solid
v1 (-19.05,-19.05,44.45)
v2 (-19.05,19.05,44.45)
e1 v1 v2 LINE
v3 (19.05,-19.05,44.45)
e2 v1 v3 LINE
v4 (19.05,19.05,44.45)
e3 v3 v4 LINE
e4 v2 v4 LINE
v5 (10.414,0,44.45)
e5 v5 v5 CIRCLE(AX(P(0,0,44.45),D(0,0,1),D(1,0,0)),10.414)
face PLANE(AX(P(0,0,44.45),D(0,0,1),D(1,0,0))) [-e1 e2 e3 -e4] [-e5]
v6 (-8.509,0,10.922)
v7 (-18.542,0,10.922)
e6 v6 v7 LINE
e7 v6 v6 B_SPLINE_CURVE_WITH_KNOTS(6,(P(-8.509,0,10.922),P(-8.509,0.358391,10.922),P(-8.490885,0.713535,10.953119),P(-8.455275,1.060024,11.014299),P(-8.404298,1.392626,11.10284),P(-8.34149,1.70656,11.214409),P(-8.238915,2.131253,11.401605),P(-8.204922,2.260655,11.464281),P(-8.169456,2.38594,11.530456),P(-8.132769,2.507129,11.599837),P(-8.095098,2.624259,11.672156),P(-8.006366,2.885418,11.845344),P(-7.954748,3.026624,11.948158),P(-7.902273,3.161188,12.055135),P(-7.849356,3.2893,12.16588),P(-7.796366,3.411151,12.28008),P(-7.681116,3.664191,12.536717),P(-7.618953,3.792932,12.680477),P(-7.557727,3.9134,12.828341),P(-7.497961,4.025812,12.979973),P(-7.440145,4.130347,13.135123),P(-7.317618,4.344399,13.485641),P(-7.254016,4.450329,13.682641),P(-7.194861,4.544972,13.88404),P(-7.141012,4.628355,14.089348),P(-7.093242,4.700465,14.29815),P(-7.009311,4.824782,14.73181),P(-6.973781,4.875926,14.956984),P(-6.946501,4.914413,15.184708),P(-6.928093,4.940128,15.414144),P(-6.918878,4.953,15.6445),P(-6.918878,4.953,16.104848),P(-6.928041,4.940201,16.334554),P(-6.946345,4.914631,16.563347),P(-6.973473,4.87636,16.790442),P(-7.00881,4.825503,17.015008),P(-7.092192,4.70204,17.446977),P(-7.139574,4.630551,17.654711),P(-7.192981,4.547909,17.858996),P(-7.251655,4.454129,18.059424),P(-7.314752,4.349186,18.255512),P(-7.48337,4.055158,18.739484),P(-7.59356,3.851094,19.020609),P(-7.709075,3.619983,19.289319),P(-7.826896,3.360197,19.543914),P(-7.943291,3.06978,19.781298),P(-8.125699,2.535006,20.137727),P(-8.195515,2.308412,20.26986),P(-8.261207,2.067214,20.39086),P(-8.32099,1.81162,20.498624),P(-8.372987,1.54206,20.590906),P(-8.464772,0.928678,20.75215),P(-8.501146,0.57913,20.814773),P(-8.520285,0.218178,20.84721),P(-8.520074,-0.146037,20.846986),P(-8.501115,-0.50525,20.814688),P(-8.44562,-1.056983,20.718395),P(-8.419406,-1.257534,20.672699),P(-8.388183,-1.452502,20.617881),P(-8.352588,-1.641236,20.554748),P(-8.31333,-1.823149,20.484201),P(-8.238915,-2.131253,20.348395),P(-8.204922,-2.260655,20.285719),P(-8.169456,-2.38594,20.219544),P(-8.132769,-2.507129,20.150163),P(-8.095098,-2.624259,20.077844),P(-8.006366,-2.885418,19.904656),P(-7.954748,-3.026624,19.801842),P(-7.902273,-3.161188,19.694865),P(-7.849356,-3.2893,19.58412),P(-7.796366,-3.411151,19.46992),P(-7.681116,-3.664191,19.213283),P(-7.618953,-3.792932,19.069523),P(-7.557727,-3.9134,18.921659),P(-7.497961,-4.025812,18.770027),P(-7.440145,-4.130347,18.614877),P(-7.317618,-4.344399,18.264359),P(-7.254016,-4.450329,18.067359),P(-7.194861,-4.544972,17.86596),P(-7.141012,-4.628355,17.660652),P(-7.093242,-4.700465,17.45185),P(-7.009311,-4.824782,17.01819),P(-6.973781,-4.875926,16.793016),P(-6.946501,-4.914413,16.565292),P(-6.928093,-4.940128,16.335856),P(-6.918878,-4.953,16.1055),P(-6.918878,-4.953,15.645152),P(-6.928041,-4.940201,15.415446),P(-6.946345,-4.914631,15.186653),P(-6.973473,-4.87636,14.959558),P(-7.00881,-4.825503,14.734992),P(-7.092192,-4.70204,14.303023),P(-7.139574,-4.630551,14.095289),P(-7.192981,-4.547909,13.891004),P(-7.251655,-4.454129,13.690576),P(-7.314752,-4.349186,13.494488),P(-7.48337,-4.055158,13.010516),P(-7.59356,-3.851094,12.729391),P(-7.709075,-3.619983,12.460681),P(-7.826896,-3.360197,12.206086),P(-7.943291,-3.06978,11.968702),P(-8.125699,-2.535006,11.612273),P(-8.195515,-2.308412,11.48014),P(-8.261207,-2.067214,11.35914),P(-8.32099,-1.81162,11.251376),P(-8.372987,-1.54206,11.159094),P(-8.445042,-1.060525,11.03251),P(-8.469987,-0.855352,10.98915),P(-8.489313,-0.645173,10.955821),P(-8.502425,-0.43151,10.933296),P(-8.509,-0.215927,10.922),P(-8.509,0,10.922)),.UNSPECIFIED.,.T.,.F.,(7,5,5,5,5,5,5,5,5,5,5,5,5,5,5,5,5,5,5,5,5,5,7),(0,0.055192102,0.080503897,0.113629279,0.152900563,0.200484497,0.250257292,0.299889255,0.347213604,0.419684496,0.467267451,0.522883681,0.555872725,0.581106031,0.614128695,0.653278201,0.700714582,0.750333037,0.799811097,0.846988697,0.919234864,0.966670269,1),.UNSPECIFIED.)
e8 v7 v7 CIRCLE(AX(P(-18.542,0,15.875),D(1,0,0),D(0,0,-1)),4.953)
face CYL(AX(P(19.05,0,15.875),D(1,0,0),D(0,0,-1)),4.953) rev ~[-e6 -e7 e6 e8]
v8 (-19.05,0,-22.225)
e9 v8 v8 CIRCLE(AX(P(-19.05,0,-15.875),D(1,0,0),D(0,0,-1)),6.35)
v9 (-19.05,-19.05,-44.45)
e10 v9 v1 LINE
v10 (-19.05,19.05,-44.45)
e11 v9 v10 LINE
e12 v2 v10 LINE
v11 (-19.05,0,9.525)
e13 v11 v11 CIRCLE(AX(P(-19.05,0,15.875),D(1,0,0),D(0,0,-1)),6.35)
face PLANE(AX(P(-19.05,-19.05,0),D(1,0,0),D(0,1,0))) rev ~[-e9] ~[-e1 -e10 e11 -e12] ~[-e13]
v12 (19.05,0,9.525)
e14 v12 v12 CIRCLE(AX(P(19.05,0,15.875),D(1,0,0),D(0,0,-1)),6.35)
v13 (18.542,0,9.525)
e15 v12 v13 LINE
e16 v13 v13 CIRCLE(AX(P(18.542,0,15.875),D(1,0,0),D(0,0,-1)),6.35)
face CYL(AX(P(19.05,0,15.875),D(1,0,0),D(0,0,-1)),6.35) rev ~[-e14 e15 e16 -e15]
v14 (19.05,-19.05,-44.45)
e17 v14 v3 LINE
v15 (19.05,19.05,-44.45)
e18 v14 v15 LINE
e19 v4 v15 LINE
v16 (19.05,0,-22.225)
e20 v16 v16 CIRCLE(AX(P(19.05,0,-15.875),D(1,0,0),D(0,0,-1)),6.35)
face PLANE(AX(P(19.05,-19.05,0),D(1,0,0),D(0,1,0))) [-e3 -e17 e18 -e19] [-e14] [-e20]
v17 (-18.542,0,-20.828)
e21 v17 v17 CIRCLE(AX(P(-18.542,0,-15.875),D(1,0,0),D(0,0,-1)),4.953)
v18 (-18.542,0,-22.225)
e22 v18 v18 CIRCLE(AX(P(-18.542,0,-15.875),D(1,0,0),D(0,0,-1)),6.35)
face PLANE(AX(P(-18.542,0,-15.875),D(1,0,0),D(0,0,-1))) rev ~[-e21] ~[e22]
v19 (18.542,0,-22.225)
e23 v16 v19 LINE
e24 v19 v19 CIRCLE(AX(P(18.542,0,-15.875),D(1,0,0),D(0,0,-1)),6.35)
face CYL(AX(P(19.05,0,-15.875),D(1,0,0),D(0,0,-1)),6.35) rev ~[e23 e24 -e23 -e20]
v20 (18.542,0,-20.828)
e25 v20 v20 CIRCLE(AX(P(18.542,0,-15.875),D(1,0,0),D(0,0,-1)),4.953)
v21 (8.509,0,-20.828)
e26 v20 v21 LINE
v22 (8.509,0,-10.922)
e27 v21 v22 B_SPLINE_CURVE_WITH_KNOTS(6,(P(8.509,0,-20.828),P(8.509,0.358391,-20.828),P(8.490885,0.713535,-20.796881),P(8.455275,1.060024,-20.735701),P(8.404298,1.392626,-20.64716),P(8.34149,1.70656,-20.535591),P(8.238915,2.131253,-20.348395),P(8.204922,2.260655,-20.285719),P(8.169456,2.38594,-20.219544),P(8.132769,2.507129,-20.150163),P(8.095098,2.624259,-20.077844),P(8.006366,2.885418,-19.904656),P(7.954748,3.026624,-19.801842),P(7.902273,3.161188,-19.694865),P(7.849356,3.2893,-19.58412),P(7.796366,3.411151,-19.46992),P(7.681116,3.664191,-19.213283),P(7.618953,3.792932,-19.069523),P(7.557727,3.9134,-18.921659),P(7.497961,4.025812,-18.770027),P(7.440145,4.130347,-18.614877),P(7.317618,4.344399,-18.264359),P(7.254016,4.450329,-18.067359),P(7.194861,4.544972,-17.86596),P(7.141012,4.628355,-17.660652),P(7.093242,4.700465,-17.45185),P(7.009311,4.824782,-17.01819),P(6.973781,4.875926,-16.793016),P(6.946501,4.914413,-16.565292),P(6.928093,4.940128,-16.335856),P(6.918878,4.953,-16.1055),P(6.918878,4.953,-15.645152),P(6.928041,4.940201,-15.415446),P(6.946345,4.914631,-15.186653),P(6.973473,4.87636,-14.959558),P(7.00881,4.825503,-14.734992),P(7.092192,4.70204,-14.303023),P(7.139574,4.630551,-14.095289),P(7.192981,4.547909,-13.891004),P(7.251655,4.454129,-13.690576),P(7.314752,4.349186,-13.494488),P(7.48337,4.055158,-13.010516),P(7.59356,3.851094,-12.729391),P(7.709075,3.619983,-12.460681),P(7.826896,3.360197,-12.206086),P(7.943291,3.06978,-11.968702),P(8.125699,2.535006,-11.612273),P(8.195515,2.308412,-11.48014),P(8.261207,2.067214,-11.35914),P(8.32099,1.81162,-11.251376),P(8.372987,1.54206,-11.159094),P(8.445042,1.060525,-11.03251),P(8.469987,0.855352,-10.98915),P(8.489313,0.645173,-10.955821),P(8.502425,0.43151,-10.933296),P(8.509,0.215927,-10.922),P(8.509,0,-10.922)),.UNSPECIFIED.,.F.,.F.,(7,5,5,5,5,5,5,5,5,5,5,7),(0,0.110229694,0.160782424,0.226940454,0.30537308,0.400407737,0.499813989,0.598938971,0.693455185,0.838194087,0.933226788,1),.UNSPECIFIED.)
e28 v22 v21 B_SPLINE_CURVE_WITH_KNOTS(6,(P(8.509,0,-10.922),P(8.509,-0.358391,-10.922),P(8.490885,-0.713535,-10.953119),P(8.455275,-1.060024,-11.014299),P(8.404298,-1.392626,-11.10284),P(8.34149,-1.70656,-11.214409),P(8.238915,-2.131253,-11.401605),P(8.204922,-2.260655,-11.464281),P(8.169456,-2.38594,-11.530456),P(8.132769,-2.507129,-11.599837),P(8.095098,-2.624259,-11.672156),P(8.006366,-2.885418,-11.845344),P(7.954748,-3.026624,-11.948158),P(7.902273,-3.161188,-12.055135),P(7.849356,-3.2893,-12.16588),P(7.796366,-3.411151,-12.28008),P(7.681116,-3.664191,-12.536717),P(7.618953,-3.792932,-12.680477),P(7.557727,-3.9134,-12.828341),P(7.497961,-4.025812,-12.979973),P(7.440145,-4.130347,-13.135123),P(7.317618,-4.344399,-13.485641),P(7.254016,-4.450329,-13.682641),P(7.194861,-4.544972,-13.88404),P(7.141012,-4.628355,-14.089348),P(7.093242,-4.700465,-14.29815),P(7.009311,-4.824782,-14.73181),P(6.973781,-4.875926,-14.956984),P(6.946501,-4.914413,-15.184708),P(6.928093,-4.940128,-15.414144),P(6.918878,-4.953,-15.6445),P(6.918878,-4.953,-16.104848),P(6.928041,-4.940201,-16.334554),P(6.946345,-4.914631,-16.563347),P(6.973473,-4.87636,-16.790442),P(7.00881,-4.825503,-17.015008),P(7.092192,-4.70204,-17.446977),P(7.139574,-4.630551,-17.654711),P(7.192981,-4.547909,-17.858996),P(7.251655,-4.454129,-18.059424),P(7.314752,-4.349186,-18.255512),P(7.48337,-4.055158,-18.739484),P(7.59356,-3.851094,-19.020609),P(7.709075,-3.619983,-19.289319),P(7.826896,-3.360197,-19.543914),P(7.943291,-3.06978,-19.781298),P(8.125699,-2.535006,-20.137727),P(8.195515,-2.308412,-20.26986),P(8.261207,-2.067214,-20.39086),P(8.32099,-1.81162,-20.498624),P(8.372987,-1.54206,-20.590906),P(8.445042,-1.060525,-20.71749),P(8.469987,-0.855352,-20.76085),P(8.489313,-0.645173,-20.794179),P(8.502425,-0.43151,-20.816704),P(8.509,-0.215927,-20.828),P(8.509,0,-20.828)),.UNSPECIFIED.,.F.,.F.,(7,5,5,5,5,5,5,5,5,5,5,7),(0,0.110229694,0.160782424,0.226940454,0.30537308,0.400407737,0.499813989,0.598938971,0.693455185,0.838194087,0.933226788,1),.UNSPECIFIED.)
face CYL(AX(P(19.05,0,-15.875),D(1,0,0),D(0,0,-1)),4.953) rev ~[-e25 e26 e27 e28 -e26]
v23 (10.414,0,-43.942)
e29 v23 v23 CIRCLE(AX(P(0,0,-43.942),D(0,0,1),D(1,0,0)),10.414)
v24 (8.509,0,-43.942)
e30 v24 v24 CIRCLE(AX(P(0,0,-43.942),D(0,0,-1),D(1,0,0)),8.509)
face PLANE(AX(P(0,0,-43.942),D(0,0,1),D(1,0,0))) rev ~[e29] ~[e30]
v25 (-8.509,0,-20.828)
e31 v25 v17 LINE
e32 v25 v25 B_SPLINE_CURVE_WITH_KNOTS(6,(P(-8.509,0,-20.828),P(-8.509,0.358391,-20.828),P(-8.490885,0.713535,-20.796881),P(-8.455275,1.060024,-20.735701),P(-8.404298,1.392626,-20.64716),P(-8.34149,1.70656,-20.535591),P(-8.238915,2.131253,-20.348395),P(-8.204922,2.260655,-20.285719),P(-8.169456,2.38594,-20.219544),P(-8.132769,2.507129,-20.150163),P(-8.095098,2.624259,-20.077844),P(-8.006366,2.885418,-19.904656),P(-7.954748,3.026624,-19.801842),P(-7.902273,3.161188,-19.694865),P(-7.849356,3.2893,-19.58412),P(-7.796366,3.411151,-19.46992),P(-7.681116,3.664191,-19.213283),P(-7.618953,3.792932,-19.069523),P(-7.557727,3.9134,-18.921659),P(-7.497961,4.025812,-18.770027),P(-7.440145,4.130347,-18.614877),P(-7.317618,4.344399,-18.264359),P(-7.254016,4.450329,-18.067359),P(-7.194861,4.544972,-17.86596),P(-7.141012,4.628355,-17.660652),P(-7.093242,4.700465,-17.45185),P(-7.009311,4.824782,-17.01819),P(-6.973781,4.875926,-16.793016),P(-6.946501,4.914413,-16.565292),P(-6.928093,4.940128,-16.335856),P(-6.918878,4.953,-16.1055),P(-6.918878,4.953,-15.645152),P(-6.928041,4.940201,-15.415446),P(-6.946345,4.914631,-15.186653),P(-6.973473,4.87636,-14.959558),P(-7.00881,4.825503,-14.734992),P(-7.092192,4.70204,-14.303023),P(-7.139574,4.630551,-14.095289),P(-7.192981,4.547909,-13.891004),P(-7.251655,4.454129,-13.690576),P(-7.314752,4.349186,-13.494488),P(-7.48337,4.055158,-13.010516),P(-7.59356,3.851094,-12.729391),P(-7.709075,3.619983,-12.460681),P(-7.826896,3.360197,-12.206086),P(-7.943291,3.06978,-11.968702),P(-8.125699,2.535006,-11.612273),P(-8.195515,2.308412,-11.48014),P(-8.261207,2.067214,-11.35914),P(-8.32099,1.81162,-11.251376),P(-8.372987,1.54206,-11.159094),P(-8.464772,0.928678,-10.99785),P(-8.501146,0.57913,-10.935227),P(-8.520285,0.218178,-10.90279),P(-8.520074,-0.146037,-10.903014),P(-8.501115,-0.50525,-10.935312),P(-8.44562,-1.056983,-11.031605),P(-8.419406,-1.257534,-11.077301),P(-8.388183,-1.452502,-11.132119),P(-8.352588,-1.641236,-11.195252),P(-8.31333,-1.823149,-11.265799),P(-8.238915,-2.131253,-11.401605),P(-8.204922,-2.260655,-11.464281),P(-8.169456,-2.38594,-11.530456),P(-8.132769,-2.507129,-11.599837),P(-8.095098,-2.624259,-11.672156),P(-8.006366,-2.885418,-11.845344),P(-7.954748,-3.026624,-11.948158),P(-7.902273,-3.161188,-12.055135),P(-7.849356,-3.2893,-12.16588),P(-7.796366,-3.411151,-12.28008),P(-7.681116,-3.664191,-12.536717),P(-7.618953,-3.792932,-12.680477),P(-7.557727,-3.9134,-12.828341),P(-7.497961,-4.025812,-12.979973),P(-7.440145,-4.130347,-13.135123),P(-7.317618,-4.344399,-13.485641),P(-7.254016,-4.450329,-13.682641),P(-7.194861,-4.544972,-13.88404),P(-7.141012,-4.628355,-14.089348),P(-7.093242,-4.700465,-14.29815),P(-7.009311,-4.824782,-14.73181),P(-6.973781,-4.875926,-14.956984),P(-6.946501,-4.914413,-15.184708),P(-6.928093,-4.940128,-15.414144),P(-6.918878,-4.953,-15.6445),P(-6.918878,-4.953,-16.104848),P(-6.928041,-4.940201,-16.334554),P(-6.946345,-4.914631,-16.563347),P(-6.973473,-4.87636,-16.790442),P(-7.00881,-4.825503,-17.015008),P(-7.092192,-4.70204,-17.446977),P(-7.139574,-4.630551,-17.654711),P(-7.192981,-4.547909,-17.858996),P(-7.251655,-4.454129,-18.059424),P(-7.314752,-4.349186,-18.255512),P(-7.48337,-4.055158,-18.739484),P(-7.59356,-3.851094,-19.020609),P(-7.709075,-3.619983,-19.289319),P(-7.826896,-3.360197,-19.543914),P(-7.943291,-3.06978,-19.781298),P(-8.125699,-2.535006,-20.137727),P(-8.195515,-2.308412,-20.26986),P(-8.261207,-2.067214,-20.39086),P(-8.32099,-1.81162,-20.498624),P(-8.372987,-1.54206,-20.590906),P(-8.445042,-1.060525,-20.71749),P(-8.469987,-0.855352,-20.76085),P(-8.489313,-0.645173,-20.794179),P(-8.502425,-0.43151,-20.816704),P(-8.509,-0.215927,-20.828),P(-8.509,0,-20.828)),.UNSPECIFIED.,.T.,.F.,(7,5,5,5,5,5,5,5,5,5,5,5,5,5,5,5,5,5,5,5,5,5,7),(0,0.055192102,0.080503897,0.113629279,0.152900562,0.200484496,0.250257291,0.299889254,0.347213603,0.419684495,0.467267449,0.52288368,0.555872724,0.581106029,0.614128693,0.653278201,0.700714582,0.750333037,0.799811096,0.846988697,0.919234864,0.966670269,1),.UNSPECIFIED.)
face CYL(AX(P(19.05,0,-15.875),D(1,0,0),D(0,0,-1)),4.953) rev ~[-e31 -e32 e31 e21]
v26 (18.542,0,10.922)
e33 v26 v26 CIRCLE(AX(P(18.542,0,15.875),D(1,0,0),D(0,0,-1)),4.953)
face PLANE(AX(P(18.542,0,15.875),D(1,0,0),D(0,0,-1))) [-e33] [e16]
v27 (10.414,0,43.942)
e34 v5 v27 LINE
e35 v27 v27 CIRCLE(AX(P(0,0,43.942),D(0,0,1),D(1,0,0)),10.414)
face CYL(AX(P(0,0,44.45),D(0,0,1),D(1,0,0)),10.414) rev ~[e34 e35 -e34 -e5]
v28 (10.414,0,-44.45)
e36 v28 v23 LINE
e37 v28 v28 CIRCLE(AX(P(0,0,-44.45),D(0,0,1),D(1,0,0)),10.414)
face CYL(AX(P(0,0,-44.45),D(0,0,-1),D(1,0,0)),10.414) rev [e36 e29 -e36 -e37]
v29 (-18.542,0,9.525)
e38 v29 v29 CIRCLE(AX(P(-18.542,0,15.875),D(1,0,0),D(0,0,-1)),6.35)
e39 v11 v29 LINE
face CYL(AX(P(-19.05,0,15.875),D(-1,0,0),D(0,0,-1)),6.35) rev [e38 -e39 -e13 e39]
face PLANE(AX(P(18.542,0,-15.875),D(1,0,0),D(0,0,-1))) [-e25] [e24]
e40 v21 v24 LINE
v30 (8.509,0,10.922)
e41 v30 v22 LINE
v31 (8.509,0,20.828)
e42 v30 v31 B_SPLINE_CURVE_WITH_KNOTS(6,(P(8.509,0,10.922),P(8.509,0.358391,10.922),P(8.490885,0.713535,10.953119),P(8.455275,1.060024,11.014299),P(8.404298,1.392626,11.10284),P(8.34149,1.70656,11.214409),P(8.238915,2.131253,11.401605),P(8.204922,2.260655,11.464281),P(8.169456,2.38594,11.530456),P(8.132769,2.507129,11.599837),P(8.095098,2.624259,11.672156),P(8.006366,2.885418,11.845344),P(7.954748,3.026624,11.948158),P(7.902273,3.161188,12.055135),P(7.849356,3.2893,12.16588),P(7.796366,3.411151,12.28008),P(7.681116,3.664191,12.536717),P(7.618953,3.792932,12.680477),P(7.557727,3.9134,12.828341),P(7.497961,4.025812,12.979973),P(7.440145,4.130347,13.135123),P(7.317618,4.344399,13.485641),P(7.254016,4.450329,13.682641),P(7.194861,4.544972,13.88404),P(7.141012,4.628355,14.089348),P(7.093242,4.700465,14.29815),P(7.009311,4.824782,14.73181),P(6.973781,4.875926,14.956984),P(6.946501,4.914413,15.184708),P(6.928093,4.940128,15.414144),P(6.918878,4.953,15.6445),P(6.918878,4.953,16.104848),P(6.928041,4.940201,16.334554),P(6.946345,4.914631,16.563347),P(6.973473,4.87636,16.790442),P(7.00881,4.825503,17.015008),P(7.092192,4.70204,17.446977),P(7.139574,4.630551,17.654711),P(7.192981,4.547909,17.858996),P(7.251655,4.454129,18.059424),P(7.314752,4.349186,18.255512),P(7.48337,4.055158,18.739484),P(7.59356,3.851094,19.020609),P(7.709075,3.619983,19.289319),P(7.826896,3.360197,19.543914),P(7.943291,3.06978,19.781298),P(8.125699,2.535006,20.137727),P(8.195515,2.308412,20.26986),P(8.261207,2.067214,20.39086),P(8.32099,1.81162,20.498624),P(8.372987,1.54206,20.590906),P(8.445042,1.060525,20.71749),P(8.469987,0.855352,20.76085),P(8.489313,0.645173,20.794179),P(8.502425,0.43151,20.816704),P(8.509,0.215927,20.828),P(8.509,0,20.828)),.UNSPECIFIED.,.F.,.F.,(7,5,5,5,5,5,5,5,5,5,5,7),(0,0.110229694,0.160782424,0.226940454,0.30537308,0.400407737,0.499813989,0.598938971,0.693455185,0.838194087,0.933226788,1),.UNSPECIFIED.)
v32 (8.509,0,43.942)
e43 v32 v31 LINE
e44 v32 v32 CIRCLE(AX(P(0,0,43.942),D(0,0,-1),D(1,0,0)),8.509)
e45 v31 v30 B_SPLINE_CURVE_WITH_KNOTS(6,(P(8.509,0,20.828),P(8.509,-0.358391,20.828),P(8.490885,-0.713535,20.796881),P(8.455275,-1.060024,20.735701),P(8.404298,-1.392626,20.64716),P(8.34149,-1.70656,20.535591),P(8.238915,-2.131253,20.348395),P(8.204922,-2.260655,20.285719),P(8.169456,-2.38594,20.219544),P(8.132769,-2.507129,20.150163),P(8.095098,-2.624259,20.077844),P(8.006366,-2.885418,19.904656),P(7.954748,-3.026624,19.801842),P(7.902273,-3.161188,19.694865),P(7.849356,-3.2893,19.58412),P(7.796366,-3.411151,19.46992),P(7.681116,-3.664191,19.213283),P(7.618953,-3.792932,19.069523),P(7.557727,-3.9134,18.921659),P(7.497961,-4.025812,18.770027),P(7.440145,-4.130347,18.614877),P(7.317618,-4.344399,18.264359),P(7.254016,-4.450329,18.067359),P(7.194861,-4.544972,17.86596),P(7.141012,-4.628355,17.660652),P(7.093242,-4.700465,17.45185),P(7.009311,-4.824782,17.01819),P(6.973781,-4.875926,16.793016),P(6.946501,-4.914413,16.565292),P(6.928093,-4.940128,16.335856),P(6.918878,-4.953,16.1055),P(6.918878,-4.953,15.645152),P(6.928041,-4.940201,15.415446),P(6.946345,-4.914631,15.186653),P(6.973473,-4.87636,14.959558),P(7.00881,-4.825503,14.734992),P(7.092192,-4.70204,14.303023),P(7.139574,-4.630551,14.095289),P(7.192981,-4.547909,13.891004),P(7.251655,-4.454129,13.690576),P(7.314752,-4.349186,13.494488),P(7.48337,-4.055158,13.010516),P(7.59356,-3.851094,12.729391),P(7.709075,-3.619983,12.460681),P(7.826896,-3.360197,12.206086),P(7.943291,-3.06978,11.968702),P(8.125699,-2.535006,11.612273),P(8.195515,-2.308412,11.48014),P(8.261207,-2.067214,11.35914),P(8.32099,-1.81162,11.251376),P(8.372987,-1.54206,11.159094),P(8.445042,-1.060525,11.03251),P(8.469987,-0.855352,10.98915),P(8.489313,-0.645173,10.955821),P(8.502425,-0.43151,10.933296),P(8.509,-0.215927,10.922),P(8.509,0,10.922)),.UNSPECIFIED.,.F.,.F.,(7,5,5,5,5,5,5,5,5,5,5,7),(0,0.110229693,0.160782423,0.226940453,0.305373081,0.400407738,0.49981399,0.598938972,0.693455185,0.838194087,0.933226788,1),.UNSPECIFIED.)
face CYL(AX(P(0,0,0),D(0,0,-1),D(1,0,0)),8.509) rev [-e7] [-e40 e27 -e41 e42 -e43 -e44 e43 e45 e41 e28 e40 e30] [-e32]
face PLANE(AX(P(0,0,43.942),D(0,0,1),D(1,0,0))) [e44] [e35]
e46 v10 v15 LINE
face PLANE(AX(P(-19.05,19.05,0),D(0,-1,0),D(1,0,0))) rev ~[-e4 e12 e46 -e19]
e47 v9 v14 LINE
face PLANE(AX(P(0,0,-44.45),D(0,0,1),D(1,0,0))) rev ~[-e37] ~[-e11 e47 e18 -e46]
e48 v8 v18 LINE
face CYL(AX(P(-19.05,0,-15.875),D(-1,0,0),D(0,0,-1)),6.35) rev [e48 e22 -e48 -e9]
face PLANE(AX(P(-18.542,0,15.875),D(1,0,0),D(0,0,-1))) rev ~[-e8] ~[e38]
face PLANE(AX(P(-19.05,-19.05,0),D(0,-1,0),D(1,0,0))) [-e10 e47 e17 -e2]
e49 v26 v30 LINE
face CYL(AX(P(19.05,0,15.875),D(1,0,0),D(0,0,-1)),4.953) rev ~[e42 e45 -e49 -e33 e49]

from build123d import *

# Parameters (mm, degrees)
SKETCH1_W           = 38.1
SKETCH1_H           = 38.1
SKETCH1_R           = 8.509
BOSS_EXTRUDE1_DEPTH = 44.45
SKETCH2_R           = 4.953
CUT_EXTRUDE1_DEPTH  = 39.1
CUT_EXTRUDE2_START  = 44.45
SKETCH13_R          = 10.414
CUT_EXTRUDE2_DEPTH  = 0.508
CUT_EXTRUDE3_START  = -44.45
SKETCH13_2_R        = 10.414
CUT_EXTRUDE3_DEPTH  = 0.508
CUT_EXTRUDE4_START  = 19.05
SKETCH14_R          = 6.35
CUT_EXTRUDE4_DEPTH  = 0.508
CUT_EXTRUDE5_START  = 19.05
SKETCH14_3_R        = 6.35
CUT_EXTRUDE5_DEPTH  = 0.508
CUT_EXTRUDE6_START  = -19.05
SKETCH14_4_R        = 6.35
CUT_EXTRUDE6_DEPTH  = 0.508


with BuildPart() as part:
    # Sketch1 → Boss-Extrude1 (new body, symmetric)
    with BuildSketch(Plane.XY):
        Rectangle(SKETCH1_W, SKETCH1_H)
        Circle(SKETCH1_R, mode=Mode.SUBTRACT)
    extrude(amount=BOSS_EXTRUDE1_DEPTH, both=True)

    # Sketch2 → Cut-Extrude1 (cut, through all)
    with BuildSketch(Plane(origin=(19.05, 0, 0), x_dir=(0, 0, -1), z_dir=(1, 0, 0))):
        with Locations((-15.875, 0)):
            Circle(SKETCH2_R)
        with Locations((15.875, 0)):
            Circle(SKETCH2_R)
    extrude(amount=-CUT_EXTRUDE1_DEPTH, mode=Mode.SUBTRACT)

    # Sketch13 → Cut-Extrude2 (cut)
    with BuildSketch(Plane.XY.offset(CUT_EXTRUDE2_START)):
        Circle(SKETCH13_R)
    extrude(amount=-CUT_EXTRUDE2_DEPTH, mode=Mode.SUBTRACT)

    # Sketch13<2> → Cut-Extrude3 (cut)
    with BuildSketch(Plane.XY.offset(CUT_EXTRUDE3_START)):
        Circle(SKETCH13_2_R)
    extrude(amount=CUT_EXTRUDE3_DEPTH, mode=Mode.SUBTRACT)

    # Sketch14 → Cut-Extrude4 (cut)
    with BuildSketch(Plane(origin=(0, 0, 0), x_dir=(0, 0, -1), z_dir=(1, 0, 0)).offset(CUT_EXTRUDE4_START)):
        with Locations((-15.875, 0)):
            Circle(SKETCH14_R)
    extrude(amount=-CUT_EXTRUDE4_DEPTH, mode=Mode.SUBTRACT)

    # Sketch14<3> → Cut-Extrude5 (cut)
    with BuildSketch(Plane(origin=(0, 0, 0), x_dir=(0, 0, -1), z_dir=(1, 0, 0)).offset(CUT_EXTRUDE5_START)):
        with Locations((-15.875, 0)):
            Circle(SKETCH14_3_R)
        with Locations((15.875, 0)):
            Circle(SKETCH14_3_R)
    extrude(amount=-CUT_EXTRUDE5_DEPTH, mode=Mode.SUBTRACT)

    # Sketch14<4> → Cut-Extrude6 (cut)
    with BuildSketch(Plane(origin=(0, 0, 0), x_dir=(0, 0, -1), z_dir=(1, 0, 0)).offset(CUT_EXTRUDE6_START)):
        with Locations((-15.875, 0)):
            Circle(SKETCH14_4_R)
        with Locations((15.875, 0)):
            Circle(SKETCH14_4_R)
    extrude(amount=CUT_EXTRUDE6_DEPTH, mode=Mode.SUBTRACT)


solid = part.part
